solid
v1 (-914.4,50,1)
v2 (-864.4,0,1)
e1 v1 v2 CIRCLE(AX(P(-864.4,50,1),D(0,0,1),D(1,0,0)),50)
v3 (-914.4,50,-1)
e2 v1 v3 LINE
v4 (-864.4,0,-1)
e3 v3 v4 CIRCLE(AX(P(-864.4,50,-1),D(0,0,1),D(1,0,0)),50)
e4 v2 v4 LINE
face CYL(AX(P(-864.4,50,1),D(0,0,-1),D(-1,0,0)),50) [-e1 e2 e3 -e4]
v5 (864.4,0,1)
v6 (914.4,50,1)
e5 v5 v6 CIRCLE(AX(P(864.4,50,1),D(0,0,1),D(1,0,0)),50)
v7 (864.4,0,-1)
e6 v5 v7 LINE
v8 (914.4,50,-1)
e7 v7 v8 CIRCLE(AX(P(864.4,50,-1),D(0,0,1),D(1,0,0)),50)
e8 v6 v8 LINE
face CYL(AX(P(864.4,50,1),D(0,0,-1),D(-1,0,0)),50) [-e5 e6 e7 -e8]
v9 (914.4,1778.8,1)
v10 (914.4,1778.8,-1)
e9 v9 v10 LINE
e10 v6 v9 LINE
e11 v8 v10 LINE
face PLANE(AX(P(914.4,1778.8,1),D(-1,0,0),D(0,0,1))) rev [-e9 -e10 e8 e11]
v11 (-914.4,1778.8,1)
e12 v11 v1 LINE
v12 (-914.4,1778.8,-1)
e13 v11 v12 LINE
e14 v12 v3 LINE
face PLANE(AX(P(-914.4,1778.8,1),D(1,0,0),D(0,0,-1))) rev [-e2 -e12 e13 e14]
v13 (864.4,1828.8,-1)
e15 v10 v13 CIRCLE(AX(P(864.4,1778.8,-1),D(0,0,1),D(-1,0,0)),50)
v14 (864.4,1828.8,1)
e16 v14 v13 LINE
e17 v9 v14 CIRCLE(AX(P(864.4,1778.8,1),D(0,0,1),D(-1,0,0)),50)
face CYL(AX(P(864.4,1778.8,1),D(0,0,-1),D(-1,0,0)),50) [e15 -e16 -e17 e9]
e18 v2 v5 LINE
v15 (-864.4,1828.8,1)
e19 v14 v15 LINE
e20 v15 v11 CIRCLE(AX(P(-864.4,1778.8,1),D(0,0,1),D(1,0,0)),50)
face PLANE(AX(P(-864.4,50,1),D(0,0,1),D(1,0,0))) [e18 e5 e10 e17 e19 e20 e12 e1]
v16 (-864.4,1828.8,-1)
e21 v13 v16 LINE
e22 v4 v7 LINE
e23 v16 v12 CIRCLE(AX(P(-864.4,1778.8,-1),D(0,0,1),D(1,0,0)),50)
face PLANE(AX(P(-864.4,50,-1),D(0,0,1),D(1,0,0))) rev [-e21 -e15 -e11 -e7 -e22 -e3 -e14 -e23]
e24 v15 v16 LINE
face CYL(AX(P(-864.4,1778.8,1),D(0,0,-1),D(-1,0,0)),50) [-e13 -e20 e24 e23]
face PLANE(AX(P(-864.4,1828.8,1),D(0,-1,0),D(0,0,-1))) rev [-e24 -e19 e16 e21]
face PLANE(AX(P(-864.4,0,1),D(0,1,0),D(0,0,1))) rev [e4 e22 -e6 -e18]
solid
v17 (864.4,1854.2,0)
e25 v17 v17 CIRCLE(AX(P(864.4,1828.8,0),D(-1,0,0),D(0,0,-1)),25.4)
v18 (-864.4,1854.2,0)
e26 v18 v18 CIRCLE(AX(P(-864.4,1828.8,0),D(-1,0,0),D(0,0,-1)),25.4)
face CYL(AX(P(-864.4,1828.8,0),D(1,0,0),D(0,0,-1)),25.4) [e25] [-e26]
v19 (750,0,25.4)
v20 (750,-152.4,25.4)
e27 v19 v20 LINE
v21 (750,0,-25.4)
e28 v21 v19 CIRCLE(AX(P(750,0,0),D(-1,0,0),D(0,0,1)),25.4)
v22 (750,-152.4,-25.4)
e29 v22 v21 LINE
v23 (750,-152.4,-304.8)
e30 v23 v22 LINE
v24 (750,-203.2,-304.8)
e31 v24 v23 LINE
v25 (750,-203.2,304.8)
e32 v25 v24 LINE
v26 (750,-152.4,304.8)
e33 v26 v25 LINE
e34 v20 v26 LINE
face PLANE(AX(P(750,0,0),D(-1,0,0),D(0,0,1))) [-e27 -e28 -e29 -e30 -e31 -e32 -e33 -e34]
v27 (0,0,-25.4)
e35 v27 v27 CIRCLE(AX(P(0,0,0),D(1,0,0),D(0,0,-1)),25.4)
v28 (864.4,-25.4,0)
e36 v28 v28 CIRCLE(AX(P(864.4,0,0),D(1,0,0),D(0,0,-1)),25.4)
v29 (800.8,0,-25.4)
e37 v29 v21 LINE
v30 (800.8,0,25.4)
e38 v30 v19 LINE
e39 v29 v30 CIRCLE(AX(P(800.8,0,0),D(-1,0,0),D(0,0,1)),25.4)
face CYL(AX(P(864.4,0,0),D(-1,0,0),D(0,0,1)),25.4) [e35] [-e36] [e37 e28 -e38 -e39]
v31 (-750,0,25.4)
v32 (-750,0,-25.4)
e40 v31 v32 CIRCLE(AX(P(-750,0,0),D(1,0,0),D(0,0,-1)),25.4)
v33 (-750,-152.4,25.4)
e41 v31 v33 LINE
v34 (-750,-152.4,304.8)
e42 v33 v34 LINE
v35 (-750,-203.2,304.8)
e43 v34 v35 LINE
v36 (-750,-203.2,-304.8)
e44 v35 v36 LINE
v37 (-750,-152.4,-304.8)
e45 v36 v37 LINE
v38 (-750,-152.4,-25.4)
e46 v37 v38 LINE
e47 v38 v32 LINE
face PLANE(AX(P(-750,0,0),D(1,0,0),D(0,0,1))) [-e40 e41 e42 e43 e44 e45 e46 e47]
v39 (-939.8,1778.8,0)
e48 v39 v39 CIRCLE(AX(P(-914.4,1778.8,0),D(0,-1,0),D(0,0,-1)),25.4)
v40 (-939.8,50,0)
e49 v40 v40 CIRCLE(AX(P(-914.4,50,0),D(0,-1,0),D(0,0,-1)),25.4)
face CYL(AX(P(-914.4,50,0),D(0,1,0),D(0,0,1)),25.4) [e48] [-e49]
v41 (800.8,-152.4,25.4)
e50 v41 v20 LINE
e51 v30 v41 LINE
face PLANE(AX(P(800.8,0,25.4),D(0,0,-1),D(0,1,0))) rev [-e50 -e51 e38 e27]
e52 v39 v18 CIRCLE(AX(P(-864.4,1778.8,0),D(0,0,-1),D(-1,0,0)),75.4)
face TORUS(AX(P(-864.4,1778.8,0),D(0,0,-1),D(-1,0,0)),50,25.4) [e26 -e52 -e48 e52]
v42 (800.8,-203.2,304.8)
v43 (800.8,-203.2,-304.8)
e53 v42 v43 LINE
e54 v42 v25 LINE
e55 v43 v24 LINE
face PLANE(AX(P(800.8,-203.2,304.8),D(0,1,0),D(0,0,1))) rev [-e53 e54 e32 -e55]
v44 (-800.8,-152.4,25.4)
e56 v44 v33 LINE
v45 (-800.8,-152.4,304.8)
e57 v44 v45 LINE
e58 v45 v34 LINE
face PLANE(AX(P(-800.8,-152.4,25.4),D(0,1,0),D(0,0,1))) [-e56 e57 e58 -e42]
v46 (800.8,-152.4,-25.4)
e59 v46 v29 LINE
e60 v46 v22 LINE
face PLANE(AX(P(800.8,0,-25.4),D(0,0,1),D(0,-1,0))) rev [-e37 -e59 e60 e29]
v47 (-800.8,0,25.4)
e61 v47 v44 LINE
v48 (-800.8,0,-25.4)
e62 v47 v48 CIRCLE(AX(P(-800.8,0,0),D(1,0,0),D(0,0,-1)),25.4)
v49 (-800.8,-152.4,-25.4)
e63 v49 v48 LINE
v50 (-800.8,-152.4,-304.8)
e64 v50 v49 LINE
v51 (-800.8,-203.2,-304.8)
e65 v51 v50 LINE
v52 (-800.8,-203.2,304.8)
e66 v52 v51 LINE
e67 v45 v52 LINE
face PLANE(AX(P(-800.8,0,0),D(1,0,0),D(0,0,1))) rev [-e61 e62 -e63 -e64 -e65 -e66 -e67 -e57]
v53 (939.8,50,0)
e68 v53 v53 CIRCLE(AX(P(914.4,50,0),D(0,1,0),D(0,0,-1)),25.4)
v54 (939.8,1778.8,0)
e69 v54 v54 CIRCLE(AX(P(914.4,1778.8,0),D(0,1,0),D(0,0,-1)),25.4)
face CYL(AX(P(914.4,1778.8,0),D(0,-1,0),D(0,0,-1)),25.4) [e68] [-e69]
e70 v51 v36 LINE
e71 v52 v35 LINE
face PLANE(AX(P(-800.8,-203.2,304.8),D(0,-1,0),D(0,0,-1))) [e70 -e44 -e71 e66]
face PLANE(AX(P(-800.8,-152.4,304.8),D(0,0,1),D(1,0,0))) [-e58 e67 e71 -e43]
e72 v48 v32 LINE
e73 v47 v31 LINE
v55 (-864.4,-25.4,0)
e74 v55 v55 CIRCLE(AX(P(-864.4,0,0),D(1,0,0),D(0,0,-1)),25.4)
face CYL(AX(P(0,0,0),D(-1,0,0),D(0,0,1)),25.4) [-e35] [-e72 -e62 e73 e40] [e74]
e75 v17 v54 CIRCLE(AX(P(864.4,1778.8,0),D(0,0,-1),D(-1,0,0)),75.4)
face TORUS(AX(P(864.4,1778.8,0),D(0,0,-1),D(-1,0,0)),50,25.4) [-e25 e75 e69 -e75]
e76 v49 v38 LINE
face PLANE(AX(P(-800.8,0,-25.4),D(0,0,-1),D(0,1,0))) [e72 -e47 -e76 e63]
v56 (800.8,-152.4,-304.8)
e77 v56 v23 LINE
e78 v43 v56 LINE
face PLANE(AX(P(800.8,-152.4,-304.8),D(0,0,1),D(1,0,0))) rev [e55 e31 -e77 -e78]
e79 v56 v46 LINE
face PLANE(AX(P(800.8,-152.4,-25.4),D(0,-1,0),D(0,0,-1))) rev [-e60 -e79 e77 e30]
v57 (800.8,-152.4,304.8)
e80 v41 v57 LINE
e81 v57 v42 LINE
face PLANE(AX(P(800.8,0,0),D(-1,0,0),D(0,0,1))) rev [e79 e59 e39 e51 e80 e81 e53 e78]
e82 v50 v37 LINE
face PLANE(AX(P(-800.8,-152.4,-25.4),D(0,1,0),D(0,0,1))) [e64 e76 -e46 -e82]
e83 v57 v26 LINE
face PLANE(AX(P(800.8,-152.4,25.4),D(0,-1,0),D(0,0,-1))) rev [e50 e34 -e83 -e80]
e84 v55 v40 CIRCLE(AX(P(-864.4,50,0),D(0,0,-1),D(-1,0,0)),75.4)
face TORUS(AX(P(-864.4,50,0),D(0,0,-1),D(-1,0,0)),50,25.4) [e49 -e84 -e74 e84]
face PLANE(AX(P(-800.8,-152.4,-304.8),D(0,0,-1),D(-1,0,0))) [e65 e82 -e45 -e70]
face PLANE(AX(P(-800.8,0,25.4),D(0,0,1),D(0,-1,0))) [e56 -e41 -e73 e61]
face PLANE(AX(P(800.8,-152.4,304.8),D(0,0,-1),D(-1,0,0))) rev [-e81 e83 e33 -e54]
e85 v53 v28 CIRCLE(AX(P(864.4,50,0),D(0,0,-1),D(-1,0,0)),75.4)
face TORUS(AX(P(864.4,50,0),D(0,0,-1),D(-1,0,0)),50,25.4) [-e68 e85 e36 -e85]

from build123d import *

# Parameters (mm, degrees)
SKETCH2_R           = 25.4
BOSS_EXTRUDE1_START = 750
BOSS_EXTRUDE1_DEPTH = 50.8
BOSS_EXTRUDE2_DEPTH = 1


with BuildPart() as part:
    # Sweep1: sweep along a path in Sketch1
    with BuildLine(Plane.XY) as sweep1_path:
        Line((-864.4, 1828.8), (864.4, 1828.8))
        ThreePointArc((864.4, 1828.8), (899.755339059, 1814.155339059), (914.4, 1778.8))
        Line((914.4, 1778.8), (914.4, 50))
        ThreePointArc((914.4, 50), (899.755339059, 14.644660941), (864.4, 0))
        Line((864.4, 0), (-864.4, 0))
        ThreePointArc((-864.4, 0), (-899.755339059, 14.644660941), (-914.4, 50))
        Line((-914.4, 50), (-914.4, 1778.8))
        ThreePointArc((-914.4, 1778.8), (-899.755339059, 1814.155339059), (-864.4, 1828.8))
    # Sketch2 → Sweep1 (sweep)
    with BuildSketch(Plane(origin=(0, 0, 0), x_dir=(0, 0, -1), z_dir=(1, 0, 0))):
        Circle(SKETCH2_R)
    sweep(path=sweep1_path.line)

    # Sketch3 → Boss-Extrude1 (add)
    with BuildSketch(Plane(origin=(0, 0, 0), x_dir=(0, 0, -1), z_dir=(1, 0, 0)).offset(BOSS_EXTRUDE1_START)):
        Polygon((-25.4, 0), (-25.4, -152.4), (-304.8, -152.4), (-304.8, -203.2), (304.8, -203.2), (304.8, -152.4), (25.4, -152.4), (25.4, 0), align=None)
    boss_extrude1 = extrude(amount=BOSS_EXTRUDE1_DEPTH)

    # Mirror1: Boss-Extrude1 across plane
    add(boss_extrude1.mirror(Plane(origin=(0, 0, 0), x_dir=(0, 0, 1), z_dir=(1, 0, 0))))


with BuildPart() as body_2:
    # Sketch1<2> → Boss-Extrude2 (new, symmetric)
    with BuildSketch(Plane.XY):
        with BuildLine():
            Line((-864.4, 1828.8), (864.4, 1828.8))
            ThreePointArc((864.4, 1828.8), (899.755339059, 1814.155339059), (914.4, 1778.8))
            Line((914.4, 1778.8), (914.4, 50))
            ThreePointArc((914.4, 50), (899.755339059, 14.644660941), (864.4, 0))
            Line((864.4, 0), (-864.4, 0))
            ThreePointArc((-864.4, 0), (-899.755339059, 14.644660941), (-914.4, 50))
            Line((-914.4, 50), (-914.4, 1778.8))
            ThreePointArc((-914.4, 1778.8), (-899.755339059, 1814.155339059), (-864.4, 1828.8))
        make_face()
    extrude(amount=BOSS_EXTRUDE2_DEPTH, both=True)


solid = Compound([part.part, body_2.part])
